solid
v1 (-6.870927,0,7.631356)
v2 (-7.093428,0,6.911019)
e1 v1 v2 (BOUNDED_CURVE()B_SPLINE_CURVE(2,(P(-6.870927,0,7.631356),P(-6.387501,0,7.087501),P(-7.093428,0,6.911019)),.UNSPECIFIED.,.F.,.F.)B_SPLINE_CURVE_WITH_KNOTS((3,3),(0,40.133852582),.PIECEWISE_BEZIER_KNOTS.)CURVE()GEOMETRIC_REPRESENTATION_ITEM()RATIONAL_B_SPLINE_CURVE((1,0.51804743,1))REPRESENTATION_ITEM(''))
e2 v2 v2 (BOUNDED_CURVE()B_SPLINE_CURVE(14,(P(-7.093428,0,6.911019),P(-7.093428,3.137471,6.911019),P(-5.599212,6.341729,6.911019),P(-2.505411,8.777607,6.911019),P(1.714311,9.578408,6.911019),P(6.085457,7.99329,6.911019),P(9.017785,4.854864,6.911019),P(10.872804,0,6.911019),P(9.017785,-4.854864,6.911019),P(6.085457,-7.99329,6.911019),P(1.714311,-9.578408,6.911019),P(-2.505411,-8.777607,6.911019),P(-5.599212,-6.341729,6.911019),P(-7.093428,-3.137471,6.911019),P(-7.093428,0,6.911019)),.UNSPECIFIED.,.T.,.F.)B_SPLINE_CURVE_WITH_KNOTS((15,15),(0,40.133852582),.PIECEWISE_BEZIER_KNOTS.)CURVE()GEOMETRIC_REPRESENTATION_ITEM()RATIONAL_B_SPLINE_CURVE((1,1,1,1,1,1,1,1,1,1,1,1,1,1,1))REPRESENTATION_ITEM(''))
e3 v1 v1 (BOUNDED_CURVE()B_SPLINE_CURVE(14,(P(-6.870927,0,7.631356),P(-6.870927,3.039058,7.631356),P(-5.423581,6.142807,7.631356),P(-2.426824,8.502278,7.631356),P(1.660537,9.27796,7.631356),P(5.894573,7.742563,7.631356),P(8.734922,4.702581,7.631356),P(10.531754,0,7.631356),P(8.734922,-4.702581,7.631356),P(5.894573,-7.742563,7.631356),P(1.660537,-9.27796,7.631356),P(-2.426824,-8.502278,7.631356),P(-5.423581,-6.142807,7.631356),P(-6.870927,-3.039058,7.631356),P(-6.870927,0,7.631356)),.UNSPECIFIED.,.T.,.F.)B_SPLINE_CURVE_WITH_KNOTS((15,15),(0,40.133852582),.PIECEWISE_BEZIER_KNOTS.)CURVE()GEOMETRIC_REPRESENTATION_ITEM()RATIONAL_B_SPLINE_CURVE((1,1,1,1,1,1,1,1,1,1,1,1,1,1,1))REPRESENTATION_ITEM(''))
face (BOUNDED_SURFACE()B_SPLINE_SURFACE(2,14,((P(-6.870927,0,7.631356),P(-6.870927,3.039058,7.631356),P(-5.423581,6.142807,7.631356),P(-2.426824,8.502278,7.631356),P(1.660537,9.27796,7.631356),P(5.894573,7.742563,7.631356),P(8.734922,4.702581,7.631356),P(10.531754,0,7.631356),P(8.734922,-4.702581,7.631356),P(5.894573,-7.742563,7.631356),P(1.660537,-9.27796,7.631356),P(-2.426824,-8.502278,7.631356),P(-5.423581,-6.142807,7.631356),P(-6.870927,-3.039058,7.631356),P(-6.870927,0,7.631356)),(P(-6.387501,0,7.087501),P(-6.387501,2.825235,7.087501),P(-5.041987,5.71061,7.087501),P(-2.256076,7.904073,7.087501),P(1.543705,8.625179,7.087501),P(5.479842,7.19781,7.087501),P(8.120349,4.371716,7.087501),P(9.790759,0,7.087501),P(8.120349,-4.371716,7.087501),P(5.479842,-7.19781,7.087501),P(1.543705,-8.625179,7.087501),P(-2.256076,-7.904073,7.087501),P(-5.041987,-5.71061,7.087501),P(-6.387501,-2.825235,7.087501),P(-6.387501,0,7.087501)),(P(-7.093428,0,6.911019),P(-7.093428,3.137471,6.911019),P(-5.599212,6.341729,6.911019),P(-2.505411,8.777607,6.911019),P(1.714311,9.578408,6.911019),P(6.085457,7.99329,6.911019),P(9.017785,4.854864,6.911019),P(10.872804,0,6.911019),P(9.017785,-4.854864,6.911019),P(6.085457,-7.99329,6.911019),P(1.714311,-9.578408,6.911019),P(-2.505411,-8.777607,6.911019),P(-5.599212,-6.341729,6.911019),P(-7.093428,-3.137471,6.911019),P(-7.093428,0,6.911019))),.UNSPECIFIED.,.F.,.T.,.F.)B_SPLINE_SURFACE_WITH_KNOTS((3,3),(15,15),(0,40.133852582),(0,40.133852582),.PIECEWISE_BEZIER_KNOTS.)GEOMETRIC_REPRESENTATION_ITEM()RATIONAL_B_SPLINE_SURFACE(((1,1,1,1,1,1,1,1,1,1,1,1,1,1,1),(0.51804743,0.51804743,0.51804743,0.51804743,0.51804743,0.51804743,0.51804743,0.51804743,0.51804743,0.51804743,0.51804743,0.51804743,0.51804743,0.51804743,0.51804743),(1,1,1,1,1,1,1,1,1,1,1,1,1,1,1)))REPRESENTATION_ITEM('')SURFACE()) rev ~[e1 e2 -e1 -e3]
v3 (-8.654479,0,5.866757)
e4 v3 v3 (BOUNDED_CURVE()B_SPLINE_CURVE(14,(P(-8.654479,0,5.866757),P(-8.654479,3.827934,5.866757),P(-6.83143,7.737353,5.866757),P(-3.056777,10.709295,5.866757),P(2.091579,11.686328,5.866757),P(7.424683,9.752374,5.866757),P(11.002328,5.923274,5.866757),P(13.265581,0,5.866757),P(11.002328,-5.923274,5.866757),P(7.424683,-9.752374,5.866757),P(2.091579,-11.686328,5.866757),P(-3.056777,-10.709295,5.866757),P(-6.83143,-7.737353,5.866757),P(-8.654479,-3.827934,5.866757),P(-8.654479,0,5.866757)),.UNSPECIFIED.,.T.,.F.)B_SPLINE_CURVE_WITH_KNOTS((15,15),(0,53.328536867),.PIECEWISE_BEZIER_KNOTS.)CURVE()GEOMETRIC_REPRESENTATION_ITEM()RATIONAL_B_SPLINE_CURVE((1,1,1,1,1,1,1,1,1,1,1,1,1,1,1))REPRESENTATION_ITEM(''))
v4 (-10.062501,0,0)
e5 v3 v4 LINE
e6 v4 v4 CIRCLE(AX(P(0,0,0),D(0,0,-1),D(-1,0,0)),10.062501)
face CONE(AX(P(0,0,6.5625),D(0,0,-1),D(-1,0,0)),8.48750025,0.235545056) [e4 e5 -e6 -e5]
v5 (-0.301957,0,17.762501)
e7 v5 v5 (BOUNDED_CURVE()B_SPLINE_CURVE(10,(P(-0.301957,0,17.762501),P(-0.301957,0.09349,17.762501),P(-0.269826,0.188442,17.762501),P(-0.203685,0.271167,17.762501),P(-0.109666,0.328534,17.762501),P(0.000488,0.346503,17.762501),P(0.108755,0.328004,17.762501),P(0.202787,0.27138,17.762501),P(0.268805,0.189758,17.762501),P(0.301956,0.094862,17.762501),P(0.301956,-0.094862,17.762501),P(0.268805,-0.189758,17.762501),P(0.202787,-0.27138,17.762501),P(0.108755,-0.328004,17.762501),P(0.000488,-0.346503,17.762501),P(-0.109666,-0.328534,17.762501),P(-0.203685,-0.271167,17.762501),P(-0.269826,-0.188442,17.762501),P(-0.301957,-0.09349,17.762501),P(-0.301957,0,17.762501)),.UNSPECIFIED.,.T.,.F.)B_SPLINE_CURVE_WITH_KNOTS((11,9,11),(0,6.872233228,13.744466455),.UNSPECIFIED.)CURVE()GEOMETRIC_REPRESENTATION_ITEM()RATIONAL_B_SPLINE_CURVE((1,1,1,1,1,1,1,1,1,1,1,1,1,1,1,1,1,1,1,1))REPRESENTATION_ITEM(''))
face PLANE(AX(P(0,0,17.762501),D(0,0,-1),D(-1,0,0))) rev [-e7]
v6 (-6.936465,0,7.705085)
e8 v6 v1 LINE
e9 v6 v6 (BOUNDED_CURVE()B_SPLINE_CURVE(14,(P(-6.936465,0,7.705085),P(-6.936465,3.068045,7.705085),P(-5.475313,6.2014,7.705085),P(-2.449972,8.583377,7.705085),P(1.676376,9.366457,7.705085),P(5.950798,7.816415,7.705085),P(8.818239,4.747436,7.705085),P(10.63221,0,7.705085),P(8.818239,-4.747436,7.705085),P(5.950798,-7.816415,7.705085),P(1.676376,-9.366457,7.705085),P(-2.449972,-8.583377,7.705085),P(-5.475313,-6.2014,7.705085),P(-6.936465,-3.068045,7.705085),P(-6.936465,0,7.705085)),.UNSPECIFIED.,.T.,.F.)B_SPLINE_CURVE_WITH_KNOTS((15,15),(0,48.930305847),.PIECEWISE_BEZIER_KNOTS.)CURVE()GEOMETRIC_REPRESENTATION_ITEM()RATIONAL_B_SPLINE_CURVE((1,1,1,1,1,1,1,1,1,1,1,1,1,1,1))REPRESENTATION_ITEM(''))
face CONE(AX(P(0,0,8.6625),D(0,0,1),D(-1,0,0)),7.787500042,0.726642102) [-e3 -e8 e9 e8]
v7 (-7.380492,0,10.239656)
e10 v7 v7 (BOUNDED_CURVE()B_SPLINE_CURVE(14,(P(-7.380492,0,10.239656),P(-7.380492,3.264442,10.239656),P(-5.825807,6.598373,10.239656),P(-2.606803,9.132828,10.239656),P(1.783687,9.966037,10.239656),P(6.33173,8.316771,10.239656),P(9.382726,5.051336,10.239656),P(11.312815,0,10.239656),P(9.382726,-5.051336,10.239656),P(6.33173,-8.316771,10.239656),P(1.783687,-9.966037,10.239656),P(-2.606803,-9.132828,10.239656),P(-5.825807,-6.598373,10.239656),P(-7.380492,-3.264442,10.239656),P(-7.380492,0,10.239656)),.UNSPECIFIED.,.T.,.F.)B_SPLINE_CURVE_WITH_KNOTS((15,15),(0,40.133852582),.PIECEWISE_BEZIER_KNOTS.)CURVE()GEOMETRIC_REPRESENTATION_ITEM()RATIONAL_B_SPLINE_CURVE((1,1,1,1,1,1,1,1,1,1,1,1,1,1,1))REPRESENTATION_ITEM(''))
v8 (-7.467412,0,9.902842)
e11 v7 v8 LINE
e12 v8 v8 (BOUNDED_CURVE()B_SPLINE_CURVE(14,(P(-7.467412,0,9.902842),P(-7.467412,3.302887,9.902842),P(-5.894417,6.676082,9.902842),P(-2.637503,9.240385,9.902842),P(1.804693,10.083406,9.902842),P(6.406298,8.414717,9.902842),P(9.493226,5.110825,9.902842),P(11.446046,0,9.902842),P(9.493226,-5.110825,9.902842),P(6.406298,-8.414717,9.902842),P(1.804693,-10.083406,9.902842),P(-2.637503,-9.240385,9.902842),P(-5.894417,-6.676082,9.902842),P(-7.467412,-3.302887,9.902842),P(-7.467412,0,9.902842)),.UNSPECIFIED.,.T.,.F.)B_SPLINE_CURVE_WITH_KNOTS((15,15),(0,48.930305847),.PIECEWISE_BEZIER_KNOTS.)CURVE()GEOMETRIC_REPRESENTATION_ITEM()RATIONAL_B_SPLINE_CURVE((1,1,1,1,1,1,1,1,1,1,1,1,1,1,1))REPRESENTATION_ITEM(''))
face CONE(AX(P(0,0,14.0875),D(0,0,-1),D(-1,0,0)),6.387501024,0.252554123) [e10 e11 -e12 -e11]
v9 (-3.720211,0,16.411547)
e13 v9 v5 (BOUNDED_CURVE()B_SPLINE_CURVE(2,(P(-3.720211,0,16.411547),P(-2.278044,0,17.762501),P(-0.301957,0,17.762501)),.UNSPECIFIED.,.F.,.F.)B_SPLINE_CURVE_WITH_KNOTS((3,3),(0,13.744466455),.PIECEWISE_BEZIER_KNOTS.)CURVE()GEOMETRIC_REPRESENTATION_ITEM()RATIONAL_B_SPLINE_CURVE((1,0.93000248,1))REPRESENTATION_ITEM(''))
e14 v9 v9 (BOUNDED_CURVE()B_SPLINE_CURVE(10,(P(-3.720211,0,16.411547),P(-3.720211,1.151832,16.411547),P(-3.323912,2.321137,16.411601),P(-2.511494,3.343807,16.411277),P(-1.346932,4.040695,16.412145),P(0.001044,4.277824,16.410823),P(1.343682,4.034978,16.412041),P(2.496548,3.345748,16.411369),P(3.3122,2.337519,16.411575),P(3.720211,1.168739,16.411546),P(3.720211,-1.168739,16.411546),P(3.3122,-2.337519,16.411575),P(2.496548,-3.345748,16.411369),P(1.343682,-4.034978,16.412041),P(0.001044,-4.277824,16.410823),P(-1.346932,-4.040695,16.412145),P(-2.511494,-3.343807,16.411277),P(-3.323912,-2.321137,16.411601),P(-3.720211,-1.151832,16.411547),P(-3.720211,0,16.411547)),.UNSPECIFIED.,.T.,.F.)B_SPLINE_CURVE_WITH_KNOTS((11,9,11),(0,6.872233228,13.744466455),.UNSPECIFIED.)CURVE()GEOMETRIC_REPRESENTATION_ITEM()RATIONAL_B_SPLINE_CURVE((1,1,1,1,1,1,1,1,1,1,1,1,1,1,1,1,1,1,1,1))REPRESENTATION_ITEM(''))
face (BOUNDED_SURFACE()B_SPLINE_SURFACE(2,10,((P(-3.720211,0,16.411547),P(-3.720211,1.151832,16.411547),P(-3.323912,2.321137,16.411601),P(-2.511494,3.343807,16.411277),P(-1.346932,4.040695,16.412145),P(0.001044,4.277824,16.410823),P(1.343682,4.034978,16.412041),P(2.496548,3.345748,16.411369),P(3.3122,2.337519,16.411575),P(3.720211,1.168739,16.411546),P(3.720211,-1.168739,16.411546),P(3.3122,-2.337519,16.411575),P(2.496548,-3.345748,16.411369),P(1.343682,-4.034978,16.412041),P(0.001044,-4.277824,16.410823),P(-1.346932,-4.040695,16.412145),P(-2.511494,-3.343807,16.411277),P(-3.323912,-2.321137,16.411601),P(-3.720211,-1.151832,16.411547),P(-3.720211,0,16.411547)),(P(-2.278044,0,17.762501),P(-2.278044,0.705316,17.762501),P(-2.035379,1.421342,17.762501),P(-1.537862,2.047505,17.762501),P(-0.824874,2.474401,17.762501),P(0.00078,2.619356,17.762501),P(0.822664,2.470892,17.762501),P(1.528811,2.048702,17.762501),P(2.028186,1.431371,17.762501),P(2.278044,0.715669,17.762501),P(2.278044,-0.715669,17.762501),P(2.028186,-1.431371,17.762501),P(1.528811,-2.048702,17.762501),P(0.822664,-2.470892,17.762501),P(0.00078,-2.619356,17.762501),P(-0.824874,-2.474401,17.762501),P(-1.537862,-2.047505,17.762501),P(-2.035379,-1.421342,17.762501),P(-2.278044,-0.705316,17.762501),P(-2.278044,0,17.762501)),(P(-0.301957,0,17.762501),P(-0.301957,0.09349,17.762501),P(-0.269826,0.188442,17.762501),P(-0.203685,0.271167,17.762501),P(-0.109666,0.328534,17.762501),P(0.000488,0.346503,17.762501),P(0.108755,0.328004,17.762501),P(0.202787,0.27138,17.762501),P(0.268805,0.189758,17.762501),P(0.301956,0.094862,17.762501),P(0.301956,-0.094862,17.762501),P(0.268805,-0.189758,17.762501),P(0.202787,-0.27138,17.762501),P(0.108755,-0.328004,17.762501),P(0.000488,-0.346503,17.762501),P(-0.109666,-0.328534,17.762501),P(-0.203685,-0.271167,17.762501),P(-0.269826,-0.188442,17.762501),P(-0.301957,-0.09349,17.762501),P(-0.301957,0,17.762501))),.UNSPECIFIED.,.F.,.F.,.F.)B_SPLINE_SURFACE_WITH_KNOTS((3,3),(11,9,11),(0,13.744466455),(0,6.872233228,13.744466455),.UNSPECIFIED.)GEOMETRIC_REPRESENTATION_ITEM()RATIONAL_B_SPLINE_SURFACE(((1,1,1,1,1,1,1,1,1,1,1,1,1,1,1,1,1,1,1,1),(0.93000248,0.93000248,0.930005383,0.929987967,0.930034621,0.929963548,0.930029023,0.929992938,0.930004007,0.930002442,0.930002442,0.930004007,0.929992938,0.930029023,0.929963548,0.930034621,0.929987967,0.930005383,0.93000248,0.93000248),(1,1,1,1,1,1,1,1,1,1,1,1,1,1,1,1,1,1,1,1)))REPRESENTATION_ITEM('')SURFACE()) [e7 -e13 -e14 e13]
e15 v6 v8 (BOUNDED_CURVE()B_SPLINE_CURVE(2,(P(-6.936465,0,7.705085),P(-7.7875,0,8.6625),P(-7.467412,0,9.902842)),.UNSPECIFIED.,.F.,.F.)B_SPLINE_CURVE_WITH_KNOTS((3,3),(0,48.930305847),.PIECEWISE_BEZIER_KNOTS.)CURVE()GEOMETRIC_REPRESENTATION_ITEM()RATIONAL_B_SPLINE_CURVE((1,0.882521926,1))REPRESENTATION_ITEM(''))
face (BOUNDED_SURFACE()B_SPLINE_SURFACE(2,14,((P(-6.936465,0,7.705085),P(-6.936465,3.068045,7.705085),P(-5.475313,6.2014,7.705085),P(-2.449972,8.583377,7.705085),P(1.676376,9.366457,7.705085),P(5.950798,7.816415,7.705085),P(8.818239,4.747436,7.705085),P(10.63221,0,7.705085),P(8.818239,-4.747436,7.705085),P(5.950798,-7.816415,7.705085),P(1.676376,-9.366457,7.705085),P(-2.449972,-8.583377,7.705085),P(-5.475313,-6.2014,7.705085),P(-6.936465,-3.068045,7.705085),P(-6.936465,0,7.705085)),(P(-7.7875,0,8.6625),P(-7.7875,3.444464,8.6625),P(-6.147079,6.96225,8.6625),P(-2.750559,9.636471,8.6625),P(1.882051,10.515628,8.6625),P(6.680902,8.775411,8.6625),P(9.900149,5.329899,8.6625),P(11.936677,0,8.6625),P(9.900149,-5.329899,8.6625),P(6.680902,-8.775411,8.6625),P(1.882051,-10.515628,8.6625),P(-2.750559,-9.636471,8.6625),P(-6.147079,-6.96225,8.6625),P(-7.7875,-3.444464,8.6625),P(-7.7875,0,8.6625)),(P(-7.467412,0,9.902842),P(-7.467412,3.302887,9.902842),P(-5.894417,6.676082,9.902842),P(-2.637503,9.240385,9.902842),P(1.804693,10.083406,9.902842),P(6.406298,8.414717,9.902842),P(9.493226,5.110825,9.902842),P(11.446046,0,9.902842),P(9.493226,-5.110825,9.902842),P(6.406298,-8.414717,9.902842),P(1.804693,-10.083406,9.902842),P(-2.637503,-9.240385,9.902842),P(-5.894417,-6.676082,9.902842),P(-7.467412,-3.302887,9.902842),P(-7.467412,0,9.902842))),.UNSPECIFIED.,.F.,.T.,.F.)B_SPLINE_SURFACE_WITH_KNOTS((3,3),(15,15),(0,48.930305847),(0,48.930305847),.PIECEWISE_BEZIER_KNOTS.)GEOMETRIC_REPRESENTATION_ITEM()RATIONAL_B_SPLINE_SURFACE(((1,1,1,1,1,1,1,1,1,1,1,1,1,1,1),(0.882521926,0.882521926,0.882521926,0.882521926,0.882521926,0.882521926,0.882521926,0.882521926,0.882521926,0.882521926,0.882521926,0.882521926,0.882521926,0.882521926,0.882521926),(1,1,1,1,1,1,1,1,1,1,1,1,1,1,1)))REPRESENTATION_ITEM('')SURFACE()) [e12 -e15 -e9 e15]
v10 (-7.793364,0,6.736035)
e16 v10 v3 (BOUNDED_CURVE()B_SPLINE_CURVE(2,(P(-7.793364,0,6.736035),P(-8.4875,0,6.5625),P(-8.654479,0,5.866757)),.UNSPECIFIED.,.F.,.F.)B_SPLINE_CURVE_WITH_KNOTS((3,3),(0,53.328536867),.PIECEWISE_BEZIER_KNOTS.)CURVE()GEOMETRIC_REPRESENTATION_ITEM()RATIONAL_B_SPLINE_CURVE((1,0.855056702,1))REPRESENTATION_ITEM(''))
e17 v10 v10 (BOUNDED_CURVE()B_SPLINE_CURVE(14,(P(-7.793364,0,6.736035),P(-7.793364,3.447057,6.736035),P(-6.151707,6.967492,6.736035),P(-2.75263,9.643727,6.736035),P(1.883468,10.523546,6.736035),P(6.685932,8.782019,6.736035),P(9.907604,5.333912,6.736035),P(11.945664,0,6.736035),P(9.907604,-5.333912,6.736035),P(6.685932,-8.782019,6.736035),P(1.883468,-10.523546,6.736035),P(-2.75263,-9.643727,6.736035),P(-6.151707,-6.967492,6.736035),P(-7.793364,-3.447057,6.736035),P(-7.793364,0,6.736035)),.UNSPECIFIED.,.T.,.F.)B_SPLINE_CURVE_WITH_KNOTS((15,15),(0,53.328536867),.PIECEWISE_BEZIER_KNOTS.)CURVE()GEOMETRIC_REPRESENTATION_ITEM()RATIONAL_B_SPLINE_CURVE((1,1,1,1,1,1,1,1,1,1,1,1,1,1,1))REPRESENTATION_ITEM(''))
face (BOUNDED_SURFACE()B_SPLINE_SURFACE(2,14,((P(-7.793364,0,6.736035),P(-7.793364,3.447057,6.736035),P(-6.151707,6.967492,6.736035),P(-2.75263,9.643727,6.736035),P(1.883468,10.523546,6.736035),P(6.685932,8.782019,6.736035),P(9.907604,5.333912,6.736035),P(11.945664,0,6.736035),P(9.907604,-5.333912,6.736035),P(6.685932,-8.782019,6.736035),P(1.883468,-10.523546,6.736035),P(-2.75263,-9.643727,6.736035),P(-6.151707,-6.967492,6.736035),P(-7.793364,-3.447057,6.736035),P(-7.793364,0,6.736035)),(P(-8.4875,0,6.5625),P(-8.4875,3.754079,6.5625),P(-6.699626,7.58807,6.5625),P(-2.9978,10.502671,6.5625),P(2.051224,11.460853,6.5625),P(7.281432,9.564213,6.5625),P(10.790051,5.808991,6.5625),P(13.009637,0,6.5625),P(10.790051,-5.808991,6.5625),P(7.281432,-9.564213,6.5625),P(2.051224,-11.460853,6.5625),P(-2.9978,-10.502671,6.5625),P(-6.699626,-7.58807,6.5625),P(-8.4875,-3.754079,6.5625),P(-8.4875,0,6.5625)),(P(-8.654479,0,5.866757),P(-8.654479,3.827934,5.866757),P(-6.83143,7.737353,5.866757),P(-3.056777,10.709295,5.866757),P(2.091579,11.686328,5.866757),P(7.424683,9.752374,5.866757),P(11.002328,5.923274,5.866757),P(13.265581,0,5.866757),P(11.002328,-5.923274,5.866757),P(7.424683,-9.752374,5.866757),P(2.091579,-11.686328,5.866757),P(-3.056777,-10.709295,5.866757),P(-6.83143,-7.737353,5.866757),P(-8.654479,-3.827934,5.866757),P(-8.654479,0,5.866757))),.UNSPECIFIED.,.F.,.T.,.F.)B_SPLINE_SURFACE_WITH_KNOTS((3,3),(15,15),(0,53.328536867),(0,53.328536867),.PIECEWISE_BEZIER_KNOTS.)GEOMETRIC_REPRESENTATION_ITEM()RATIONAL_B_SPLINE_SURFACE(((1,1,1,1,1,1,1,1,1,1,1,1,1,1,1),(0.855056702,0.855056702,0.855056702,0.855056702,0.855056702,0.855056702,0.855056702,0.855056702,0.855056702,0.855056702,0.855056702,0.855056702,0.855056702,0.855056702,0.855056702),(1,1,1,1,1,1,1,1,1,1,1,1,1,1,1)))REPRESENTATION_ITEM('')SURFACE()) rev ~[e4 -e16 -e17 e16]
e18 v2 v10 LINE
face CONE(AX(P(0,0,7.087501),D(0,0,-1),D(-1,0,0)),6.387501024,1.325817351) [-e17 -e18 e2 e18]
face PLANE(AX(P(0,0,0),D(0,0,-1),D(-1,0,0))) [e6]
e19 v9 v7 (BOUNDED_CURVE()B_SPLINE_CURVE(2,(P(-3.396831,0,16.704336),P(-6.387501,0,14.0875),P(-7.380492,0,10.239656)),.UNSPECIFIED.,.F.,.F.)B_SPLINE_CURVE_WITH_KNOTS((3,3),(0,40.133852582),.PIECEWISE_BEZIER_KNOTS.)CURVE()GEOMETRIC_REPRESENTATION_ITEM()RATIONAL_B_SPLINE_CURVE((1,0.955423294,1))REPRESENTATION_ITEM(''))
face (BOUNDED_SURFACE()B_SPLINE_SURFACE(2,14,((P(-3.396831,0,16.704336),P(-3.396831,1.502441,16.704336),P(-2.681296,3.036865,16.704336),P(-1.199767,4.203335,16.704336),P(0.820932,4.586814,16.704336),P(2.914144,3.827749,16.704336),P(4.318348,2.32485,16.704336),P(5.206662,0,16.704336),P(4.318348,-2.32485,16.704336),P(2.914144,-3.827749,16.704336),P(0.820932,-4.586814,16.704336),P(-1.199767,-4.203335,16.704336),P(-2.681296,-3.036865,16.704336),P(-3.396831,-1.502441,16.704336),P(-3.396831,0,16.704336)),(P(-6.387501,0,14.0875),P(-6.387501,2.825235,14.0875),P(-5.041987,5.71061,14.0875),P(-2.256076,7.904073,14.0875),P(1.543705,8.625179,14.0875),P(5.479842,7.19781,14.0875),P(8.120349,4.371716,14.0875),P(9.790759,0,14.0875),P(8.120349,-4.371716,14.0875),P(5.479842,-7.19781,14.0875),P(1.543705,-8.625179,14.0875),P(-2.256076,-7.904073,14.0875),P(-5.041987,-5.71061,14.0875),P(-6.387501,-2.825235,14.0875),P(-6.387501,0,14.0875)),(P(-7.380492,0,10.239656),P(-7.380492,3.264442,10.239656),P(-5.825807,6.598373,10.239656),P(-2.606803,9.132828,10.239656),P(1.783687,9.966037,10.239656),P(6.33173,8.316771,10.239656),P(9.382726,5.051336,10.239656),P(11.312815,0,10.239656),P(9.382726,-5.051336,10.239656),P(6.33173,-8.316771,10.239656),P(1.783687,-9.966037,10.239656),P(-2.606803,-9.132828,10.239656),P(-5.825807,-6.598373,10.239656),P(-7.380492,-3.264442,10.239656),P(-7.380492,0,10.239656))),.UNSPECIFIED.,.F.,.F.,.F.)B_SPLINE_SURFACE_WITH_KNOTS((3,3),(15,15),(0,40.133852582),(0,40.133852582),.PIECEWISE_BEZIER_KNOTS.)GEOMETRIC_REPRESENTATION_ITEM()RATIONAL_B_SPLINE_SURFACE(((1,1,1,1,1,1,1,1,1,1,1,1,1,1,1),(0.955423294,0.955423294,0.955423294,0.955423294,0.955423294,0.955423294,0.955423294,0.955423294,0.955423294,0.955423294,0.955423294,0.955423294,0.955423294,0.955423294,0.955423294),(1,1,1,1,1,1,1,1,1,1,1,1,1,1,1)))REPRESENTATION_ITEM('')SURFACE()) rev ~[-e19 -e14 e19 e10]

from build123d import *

# Parameters (mm, degrees)
F2_R = 12.85994464
F3_R = 1.1798499289
F4_R = 2.4039125508
F5_R = 0.4407061183
F6_R = 5


with BuildPart() as f1:
    # F0 (on Front) → F1 (revolve)
    with BuildSketch(Plane.XZ):
        Polygon((-10.0625008345, 0), (0, 0), (0, 17.7625007927), (-2.1874997765, 17.7625007927), (-6.3875010237, 14.0875000507), (-7.7875000425, 8.6625004187), (-6.3875010237, 7.0875007659), (-8.4875002503, 6.5625002608), align=None)
    revolve(axis=Axis((0, 0, 8.8812503964), (0, 0, -1)))

    # F2
    f2_edges = [f1.edges().sort_by_distance(p)[0] for p in [
        (6.387501, 0, 14.0875),
    ]]
    fillet(f2_edges, radius=F2_R)

    # F3
    f3_edges = [f1.edges().sort_by_distance(p)[0] for p in [
        (8.4875, 0, 6.5625),
    ]]
    fillet(f3_edges, radius=F3_R)

    # F4
    f4_edges = [f1.edges().sort_by_distance(p)[0] for p in [
        (7.7875, 0, 8.6625),
    ]]
    fillet(f4_edges, radius=F4_R)

    # F5
    f5_edges = [f1.edges().sort_by_distance(p)[0] for p in [
        (-6.661983, 0, 7.396293),
        (6.936463, 0, 7.705085),
        (6.387501, 0, 7.087501),
    ]]
    fillet(f5_edges, radius=F5_R)

    # F6
    f6_edges = [f1.edges().sort_by_distance(p)[0] for p in [
        (-2.792166, 0, 17.233418),
        (3.396831, 0, 16.704336),
        (2.1875, 0, 17.762501),
    ]]
    fillet(f6_edges, radius=F6_R)


solid = f1.part
